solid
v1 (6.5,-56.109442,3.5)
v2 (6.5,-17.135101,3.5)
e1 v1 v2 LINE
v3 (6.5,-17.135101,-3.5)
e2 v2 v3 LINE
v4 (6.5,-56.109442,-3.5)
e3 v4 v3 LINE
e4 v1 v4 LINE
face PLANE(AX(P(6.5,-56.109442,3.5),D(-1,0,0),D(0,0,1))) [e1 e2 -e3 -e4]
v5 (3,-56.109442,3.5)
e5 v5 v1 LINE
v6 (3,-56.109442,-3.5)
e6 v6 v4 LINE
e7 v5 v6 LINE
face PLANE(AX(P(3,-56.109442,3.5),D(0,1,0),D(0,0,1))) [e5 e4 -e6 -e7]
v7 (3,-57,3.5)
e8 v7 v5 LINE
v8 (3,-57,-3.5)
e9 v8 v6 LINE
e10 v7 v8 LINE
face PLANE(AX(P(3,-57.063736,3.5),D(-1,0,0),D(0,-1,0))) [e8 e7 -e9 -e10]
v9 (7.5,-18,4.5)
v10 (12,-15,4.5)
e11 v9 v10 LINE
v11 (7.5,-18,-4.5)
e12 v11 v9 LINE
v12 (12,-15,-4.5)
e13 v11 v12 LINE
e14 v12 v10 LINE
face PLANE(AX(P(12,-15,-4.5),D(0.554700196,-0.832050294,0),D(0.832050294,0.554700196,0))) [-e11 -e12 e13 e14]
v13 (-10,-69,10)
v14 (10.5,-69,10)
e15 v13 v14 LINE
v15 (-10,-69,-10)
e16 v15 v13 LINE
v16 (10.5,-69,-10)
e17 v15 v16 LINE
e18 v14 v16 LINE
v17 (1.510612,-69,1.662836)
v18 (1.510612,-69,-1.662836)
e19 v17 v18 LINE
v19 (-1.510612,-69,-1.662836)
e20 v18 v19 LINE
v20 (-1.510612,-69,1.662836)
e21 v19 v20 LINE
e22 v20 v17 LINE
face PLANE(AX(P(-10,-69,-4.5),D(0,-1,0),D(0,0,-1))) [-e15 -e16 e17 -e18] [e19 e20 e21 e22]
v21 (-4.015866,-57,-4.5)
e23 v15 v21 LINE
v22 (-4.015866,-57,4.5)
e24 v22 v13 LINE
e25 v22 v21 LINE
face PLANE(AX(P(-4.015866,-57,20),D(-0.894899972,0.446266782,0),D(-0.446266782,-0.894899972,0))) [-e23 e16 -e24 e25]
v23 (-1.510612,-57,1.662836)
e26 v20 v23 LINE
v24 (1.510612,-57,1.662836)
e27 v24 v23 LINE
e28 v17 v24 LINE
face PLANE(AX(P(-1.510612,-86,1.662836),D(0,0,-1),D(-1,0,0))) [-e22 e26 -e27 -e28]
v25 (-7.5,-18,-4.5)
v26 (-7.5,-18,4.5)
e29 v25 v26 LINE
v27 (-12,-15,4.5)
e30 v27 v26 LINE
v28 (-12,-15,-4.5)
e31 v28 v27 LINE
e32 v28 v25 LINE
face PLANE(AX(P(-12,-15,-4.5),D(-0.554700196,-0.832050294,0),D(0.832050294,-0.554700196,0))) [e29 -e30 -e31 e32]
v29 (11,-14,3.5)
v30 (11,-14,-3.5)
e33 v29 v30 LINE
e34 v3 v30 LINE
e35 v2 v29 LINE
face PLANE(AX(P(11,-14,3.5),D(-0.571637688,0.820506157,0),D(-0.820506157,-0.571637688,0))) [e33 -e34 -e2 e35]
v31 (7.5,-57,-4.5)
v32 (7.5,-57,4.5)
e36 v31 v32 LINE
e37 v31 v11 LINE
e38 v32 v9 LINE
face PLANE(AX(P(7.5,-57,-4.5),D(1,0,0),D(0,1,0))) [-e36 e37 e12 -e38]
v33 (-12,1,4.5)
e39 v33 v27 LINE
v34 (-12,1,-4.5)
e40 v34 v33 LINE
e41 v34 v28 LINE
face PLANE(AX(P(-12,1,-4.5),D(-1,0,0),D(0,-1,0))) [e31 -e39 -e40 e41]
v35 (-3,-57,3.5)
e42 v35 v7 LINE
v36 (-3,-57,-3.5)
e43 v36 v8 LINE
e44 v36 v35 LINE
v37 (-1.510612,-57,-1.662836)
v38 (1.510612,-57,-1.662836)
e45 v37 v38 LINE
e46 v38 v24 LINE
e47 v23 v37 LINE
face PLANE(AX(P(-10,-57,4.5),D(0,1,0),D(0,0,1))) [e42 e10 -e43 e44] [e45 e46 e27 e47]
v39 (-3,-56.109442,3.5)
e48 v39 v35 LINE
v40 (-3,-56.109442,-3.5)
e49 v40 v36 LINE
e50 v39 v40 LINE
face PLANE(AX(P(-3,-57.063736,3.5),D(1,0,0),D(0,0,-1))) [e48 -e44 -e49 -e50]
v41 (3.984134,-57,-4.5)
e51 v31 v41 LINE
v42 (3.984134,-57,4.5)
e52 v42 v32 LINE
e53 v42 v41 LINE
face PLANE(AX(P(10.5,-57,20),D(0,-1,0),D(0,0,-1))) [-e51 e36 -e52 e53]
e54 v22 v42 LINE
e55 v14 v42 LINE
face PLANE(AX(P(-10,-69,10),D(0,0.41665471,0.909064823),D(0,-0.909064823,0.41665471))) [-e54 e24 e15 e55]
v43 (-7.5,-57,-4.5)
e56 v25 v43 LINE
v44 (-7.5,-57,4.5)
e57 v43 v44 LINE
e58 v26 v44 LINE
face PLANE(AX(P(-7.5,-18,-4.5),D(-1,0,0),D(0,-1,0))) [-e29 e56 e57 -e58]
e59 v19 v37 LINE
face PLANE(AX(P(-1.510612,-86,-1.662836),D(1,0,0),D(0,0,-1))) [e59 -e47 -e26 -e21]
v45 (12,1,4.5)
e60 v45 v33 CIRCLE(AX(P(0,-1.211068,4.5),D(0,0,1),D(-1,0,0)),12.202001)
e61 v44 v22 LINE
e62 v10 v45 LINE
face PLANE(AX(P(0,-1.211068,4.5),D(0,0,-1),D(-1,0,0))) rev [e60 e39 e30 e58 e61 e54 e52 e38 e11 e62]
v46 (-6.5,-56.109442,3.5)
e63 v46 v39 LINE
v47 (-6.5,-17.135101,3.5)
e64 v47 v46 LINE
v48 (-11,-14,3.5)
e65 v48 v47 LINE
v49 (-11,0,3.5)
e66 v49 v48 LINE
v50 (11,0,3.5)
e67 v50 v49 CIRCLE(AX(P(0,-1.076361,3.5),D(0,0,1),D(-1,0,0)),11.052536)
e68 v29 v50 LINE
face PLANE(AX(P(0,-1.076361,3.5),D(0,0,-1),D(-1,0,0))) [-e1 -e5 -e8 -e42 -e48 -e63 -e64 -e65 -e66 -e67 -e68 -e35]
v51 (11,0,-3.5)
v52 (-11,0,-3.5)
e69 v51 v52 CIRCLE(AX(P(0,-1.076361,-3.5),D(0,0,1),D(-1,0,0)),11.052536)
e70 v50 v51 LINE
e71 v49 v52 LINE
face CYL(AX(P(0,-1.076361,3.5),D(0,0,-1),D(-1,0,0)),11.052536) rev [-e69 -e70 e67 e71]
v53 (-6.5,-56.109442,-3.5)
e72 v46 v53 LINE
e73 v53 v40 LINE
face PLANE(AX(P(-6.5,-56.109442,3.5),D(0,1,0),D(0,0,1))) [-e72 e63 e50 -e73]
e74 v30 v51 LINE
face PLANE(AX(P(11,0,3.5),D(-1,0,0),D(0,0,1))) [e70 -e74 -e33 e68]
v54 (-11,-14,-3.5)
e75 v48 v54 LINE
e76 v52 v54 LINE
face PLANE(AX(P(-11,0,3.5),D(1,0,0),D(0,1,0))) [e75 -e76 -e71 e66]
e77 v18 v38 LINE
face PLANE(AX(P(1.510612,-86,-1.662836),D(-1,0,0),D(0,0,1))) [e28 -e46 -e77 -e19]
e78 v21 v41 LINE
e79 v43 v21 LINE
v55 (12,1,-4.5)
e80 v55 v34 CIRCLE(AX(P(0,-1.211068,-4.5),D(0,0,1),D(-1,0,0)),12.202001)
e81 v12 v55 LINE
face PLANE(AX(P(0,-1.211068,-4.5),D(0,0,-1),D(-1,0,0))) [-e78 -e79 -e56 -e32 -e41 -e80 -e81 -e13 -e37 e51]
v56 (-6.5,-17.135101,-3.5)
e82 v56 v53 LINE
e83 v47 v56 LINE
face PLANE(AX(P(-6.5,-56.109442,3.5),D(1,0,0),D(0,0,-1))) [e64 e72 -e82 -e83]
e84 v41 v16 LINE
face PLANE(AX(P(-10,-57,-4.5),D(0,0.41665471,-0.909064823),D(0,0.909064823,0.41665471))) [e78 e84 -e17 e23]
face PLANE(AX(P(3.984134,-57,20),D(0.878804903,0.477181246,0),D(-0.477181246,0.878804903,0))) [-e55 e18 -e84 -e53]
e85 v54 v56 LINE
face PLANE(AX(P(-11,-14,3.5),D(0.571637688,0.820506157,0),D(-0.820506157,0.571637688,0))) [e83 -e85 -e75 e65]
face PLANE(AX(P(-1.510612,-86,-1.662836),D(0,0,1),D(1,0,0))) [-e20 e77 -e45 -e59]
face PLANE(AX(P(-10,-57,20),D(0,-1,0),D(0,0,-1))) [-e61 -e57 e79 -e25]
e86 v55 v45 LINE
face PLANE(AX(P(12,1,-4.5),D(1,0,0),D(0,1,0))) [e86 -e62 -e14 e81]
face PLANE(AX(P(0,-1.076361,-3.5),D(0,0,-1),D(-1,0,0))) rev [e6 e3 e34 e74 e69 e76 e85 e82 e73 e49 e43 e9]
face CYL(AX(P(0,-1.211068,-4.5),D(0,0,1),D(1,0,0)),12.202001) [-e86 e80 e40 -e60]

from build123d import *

# Parameters (mm, degrees)
RESSALTO_EXTRUS_O2_DEPTH      = 4.5
RESSALTO_EXTRUS_O2_DEPTH_BACK = 4.5
CORTE_EXTRUS_O1_DEPTH         = 3.5
CORTE_EXTRUS_O1_DEPTH_BACK    = 3.5
RESSALTO_EXTRUS_O3_DEPTH      = 10.5
RESSALTO_EXTRUS_O3_DEPTH_BACK = 10
CORTE_EXTRUS_O2_DEPTH         = 20
CORTE_EXTRUS_O2_DEPTH_BACK    = 18.5
ESBO_O6_W                     = 3.02122436
ESBO_O6_H                     = 3.325672956
CORTE_EXTRUS_O3_DEPTH         = 17
CORTE_EXTRUS_O3_DEPTH_BACK    = 12.5


with BuildPart() as part:
    # Esboço1 → Ressalto-extrusão2 (new body, two sides)
    with BuildSketch(Plane.XY) as ressalto_extrus_o2_sk:
        with BuildLine():
            Line((-12, 1), (-12, -15))
            Line((-12, -15), (-7.5, -18))
            Line((-7.5, -18), (-7.5, -57))
            Line((-7.5, -57), (-4, -57))
            Line((-4, -57), (-10, -69))
            Line((-10, -69), (10, -69))
            Line((10, -69), (4, -57))
            Line((4, -57), (7.5, -57))
            Line((7.5, -57), (7.5, -18))
            Line((7.5, -18), (12, -15))
            Line((12, -15), (12, 1))
            ThreePointArc((12, 1), (0, 10.990932971), (-12, 1))
        make_face()
    extrude(amount=RESSALTO_EXTRUS_O2_DEPTH)
    extrude(ressalto_extrus_o2_sk.sketch, amount=-RESSALTO_EXTRUS_O2_DEPTH_BACK)

    # Esboço2 → Corte-extrusão1 (cut, two sides)
    with BuildSketch(Plane.XY) as corte_extrus_o1_sk:
        with BuildLine():
            Line((-8.5, -68), (8.5, -68))
            Line((8.5, -68), (3, -57.063736363))
            Line((3, -57.063736363), (3, -56.109442195))
            Line((3, -56.109442195), (6.5, -56.109442195))
            Line((6.5, -56.109442195), (6.5, -17.135100905))
            Line((6.5, -17.135100905), (11, -14))
            Line((11, -14), (11, 0))
            ThreePointArc((11, 0), (0, 9.976174937), (-11, 0))
            Line((-11, 0), (-11, -14))
            Line((-11, -14), (-6.5, -17.135100905))
            Line((-6.5, -17.135100905), (-6.5, -56.109442195))
            Line((-6.5, -56.109442195), (-3, -56.109442195))
            Line((-3, -56.109442195), (-3, -57.063736363))
            Line((-3, -57.063736363), (-8.5, -68))
        make_face()
    extrude(amount=CORTE_EXTRUS_O1_DEPTH, mode=Mode.SUBTRACT)
    extrude(corte_extrus_o1_sk.sketch, amount=-CORTE_EXTRUS_O1_DEPTH_BACK, mode=Mode.SUBTRACT)

    # Esboço4 → Ressalto-extrusão3 (add, two sides)
    with BuildSketch(Plane(origin=(0, 0, 0), x_dir=(0, 0, -1), z_dir=(1, 0, 0))) as ressalto_extrus_o3_sk:
        Polygon((0, -69), (10, -69), (4.5, -57), (-4.5, -57), (-10, -69), align=None)
    extrude(amount=RESSALTO_EXTRUS_O3_DEPTH)
    extrude(ressalto_extrus_o3_sk.sketch, amount=-RESSALTO_EXTRUS_O3_DEPTH_BACK)

    # Esboço5 → Corte-extrusão2 (cut, two sides)
    with BuildSketch(Plane.XY) as corte_extrus_o2_sk:
        Polygon((-4.015865961, -57), (-10, -69), (-10, -57), align=None)
        Polygon((3.984134039, -57), (10.5, -69), (10.5, -57), align=None)
    extrude(amount=CORTE_EXTRUS_O2_DEPTH, mode=Mode.SUBTRACT)
    extrude(corte_extrus_o2_sk.sketch, amount=-CORTE_EXTRUS_O2_DEPTH_BACK, mode=Mode.SUBTRACT)

    # Esboço6 → Corte-extrusão3 (cut, two sides)
    with BuildSketch(Plane(origin=(0, -69, 0), x_dir=(-1, 0, 0), z_dir=(0, -1, 0))) as corte_extrus_o3_sk:
        Rectangle(ESBO_O6_W, ESBO_O6_H)
    extrude(amount=CORTE_EXTRUS_O3_DEPTH, mode=Mode.SUBTRACT)
    extrude(corte_extrus_o3_sk.sketch, amount=-CORTE_EXTRUS_O3_DEPTH_BACK, mode=Mode.SUBTRACT)


solid = part.part
